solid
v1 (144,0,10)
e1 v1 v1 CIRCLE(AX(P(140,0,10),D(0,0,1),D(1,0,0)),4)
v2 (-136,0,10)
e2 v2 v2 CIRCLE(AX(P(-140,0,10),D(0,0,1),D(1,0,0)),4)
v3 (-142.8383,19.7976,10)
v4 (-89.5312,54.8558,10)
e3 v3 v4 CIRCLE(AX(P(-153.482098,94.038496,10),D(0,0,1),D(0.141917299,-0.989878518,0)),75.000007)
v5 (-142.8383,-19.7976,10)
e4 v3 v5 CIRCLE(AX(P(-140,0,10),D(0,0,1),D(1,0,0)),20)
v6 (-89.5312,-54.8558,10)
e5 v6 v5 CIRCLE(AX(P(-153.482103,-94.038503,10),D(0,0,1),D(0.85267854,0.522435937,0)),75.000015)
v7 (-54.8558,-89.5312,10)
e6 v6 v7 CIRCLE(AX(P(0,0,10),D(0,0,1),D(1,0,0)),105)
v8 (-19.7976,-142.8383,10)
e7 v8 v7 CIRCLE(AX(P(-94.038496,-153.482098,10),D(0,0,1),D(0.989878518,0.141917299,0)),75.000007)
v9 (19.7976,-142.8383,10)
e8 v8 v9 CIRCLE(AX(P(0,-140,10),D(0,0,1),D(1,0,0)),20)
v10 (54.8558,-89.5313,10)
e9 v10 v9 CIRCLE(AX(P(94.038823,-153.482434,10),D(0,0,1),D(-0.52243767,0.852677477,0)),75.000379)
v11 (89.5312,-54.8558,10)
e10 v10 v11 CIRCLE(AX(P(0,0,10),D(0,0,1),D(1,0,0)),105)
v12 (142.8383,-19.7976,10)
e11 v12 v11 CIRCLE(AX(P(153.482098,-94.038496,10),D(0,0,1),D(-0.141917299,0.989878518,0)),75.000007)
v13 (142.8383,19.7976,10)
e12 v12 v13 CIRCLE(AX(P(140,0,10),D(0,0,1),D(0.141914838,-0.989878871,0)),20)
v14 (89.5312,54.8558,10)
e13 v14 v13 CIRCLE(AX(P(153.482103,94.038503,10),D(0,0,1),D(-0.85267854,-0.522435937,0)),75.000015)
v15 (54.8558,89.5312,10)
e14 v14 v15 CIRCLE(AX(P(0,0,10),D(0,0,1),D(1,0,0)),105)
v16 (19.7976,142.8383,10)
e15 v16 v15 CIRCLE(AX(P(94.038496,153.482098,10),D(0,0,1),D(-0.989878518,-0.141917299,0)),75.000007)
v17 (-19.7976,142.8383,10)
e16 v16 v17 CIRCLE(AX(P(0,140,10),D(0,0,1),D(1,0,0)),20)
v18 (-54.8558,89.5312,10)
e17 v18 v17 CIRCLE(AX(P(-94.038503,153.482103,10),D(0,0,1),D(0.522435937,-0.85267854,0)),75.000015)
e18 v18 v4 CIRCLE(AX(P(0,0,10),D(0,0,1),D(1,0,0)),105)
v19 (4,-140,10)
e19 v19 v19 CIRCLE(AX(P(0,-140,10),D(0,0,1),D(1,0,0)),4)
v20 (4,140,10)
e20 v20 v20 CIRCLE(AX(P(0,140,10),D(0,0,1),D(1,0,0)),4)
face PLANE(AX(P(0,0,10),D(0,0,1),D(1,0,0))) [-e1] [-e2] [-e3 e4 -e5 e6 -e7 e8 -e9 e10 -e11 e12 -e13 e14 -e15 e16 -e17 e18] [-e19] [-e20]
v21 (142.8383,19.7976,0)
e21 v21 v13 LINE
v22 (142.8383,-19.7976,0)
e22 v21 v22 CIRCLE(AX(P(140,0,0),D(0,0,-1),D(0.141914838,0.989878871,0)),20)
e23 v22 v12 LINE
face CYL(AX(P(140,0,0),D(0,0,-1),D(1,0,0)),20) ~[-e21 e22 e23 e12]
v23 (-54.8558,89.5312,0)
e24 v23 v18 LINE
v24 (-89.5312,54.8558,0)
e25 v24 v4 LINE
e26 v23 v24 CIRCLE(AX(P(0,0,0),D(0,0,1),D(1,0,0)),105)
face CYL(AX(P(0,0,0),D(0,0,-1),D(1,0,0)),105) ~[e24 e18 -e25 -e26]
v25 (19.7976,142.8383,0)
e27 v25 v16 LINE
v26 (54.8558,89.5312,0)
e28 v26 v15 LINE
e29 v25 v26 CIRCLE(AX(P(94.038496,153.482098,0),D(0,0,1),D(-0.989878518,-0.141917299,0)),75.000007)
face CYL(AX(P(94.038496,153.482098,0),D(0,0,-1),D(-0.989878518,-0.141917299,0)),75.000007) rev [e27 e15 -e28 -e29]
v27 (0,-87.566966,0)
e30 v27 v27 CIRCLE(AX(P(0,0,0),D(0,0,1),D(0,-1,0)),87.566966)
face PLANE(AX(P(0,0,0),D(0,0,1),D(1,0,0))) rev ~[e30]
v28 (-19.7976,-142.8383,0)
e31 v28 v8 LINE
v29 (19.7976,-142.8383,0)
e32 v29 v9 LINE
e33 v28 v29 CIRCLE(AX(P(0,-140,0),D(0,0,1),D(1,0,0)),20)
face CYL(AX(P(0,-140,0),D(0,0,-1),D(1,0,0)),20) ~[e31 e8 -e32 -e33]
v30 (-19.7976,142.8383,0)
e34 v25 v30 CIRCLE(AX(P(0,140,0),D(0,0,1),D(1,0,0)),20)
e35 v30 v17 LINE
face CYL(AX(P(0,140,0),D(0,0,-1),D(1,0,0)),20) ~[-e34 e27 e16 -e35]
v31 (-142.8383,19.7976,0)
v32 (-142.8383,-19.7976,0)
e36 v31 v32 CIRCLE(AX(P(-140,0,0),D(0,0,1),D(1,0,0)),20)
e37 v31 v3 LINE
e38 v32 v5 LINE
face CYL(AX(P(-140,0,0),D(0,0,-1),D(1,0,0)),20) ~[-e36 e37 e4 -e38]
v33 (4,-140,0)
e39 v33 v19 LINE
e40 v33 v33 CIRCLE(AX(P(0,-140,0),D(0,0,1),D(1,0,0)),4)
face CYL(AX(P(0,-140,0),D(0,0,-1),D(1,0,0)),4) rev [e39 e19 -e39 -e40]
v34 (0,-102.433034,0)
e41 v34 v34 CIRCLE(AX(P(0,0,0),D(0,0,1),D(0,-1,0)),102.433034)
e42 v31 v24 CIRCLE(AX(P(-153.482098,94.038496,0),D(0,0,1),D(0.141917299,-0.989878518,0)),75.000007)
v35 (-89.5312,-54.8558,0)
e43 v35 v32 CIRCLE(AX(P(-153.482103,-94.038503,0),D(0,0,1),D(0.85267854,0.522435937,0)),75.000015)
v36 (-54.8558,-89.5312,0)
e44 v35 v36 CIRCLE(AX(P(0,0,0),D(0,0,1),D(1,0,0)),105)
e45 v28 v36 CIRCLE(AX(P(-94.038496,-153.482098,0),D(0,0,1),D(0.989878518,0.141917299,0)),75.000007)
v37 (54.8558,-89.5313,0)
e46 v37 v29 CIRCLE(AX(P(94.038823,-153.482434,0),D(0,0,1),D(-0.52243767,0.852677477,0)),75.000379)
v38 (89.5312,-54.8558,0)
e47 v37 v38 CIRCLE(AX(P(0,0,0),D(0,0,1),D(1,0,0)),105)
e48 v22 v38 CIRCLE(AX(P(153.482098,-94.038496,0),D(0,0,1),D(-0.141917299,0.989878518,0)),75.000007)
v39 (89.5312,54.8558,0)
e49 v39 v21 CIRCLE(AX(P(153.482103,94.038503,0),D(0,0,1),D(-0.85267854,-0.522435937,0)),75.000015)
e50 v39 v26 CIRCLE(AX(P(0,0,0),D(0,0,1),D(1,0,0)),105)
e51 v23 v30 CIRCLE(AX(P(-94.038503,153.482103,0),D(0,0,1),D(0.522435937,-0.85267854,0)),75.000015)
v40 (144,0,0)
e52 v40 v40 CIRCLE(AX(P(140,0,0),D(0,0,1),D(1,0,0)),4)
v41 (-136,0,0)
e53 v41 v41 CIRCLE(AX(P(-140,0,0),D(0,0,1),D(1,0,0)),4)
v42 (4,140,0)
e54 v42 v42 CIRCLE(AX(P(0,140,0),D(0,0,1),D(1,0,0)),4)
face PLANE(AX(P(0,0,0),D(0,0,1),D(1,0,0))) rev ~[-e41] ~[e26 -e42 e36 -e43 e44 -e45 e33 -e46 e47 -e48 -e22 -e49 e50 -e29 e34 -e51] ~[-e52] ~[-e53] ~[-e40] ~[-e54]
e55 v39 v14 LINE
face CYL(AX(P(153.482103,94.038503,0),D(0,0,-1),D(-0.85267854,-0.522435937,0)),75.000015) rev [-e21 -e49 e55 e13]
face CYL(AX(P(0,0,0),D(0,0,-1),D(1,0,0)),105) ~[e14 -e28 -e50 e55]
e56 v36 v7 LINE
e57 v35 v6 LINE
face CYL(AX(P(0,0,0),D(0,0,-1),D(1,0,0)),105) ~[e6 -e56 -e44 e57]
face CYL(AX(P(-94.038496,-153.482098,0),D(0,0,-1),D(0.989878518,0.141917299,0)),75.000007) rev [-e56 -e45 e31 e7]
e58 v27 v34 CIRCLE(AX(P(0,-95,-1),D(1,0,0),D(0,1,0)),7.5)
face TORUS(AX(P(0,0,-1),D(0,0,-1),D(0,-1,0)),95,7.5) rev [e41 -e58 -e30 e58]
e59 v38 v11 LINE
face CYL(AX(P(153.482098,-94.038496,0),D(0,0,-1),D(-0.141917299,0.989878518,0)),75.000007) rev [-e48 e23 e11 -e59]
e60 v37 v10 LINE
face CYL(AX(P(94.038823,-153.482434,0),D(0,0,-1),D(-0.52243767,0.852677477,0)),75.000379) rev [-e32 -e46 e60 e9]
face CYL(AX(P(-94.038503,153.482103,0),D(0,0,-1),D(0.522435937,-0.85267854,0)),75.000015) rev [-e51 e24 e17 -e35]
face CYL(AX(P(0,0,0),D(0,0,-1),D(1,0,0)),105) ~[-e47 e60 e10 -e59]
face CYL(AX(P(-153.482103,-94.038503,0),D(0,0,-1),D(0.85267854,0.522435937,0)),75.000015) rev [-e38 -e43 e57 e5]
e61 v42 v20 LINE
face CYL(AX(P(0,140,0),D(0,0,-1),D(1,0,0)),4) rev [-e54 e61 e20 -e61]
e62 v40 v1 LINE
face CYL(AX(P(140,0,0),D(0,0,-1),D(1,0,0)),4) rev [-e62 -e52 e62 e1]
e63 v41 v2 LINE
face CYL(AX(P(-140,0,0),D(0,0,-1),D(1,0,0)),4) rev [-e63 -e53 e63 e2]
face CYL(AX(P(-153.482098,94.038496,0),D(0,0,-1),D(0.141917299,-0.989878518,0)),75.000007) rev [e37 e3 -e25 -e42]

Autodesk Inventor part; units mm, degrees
ref_plane "YZ Plane" through (0, 0, 0) normal (1, 0, 0) x (0, 1, 0)
ref_plane "XZ Plane" through (0, 0, 0) normal (0, 1, 0) x (-1, 0, 0)
ref_plane "XY Plane" through (0, 0, 0) normal (0, 0, 1) x (1, 0, 0)
sketch "Sketch1" plane through (0, 0, 0) normal (0, 0, 1) x (1, 0, 0)
  circle A0 centre (0, 0) radius 105
  circle A1 centre (140, 0) radius 4
  circle A2 centre (140, 0) radius 20
  arc A3 (89.5312, 54.8558) -> (142.8383, 19.7976) centre (153.4821, 94.0385) ccw
  arc A4 (142.8383, -19.7976) -> (89.5312, -54.8558) centre (153.4821, -94.0385) ccw
  circle A5 centre (0, 140) radius 4
  circle A6 centre (0, 140) radius 20
  arc A7 (19.7976, 142.8383) -> (54.8558, 89.5312) centre (94.0385, 153.4821) ccw
  arc A8 (-54.8558, 89.5312) -> (-19.7976, 142.8383) centre (-94.0385, 153.4821) ccw
  circle A9 centre (-140, 0) radius 4
  circle A10 centre (-140, 0) radius 20
  arc A11 (-142.8383, 19.7976) -> (-89.5312, 54.8558) centre (-153.4821, 94.0385) ccw
  arc A12 (-89.5312, -54.8558) -> (-142.8383, -19.7976) centre (-153.4821, -94.0385) ccw
  circle A13 centre (0, -140) radius 4
  circle A14 centre (0, -140) radius 20
  arc A15 (-19.7976, -142.8383) -> (-54.8558, -89.5312) centre (-94.0385, -153.4821) ccw
  arc A16 (54.8558, -89.5313) -> (19.7976, -142.8383) centre (94.0385, -153.4821) ccw
  point P0 (-54.8558, 89.5312)
  point P1 (-89.5312, 54.8558)
  point P2 (-54.8558, -89.5312)
  point P3 (54.8558, -89.5312)
  dimension "d0" = 210
  dimension "d1" = 8
  dimension "d2" = 40
  dimension "d3" = 140
  dimension "d4" = 75
  dimension "d7" = 360
extrude "Extrusion1" add sketch "Sketch1" along normal blind 10
sketch "Sketch2" plane through (0, 0, 0) normal (1, 0, 0) x (0, 1, 0)
  line L0 (-89.5312, 10) -> (-142.8383, 10) projected
  line L1 (-142.8383, 10) -> (-142.8383, 10) projected
  line L2 (-142.8383, 10) -> (-89.5312, 10) projected
  line L3 (-89.5312, 10) -> (-54.8558, 10) projected
  line L4 (-54.8558, 10) -> (-19.7976, 10) projected
  line L5 (-19.7976, 10) -> (19.7976, 10) projected
  line L6 (19.7976, 10) -> (54.8558, 10) projected
  line L7 (54.8558, 10) -> (89.5312, 10) projected
  line L8 (89.5312, 10) -> (142.8383, 10) projected
  line L9 (142.8383, 10) -> (142.8383, 10) projected
  line L10 (142.8383, 10) -> (89.5312, 10) projected
  line L11 (89.5312, 10) -> (54.8558, 10) projected
  line L12 (54.8558, 10) -> (19.7976, 10) projected
  line L13 (19.7976, 10) -> (-19.7976, 10) projected
  line L14 (-19.7976, 10) -> (-54.8558, 10) projected
  line L15 (-54.8558, 10) -> (-89.5312, 10) projected
  line L16 (-4, 10) -> (4, 10) projected
  line L17 (136, 10) -> (144, 10) projected
  line L18 (-4, 10) -> (4, 10) projected
  line L19 (-144, 10) -> (-136, 10) projected
  line L20 (-89.5312, 0) -> (-142.8383, 0) projected
  line L21 (-54.8558, 0) -> (-89.5312, 0) projected
  line L22 (-19.7976, 0) -> (-54.8558, 0) projected
  line L23 (19.7976, 0) -> (-19.7976, 0) projected
  line L24 (54.8558, 0) -> (19.7976, 0) projected
  line L25 (89.5312, 0) -> (54.8558, 0) projected
  line L26 (142.8383, 0) -> (89.5312, 0) projected
  line L27 (142.8383, 0) -> (142.8383, 0) projected
  line L28 (89.5312, 0) -> (142.8383, 0) projected
  line L29 (54.8558, 0) -> (89.5312, 0) projected
  line L30 (19.7976, 0) -> (54.8558, 0) projected
  line L31 (-19.7976, 0) -> (19.7976, 0) projected
  line L32 (-54.8558, 0) -> (-19.7976, 0) projected
  line L33 (-89.5312, 0) -> (-54.8558, 0) projected
  line L34 (-142.8383, 0) -> (-89.5312, 0) projected
  line L35 (-142.8383, 0) -> (-142.8383, 0) projected
  line L36 (-4, 0) -> (4, 0) projected
  line L37 (136, 0) -> (144, 0) projected
  line L38 (-4, 0) -> (4, 0) projected
  line L39 (-144, 0) -> (-136, 0) projected
  circle A0 centre (-95, -1) radius 7.5
  line L40 (0, 0) -> (0, 10)
  dimension "d11" = 15
  dimension "d12" = 1
  dimension "d13" = 95
revolve "Revolution1" cut sketch "Sketch2" angle 360 about axis through (0, 0, 0) along (0, 0, 1)
properties part number "onderkant base" material "Aluminum 6061"
